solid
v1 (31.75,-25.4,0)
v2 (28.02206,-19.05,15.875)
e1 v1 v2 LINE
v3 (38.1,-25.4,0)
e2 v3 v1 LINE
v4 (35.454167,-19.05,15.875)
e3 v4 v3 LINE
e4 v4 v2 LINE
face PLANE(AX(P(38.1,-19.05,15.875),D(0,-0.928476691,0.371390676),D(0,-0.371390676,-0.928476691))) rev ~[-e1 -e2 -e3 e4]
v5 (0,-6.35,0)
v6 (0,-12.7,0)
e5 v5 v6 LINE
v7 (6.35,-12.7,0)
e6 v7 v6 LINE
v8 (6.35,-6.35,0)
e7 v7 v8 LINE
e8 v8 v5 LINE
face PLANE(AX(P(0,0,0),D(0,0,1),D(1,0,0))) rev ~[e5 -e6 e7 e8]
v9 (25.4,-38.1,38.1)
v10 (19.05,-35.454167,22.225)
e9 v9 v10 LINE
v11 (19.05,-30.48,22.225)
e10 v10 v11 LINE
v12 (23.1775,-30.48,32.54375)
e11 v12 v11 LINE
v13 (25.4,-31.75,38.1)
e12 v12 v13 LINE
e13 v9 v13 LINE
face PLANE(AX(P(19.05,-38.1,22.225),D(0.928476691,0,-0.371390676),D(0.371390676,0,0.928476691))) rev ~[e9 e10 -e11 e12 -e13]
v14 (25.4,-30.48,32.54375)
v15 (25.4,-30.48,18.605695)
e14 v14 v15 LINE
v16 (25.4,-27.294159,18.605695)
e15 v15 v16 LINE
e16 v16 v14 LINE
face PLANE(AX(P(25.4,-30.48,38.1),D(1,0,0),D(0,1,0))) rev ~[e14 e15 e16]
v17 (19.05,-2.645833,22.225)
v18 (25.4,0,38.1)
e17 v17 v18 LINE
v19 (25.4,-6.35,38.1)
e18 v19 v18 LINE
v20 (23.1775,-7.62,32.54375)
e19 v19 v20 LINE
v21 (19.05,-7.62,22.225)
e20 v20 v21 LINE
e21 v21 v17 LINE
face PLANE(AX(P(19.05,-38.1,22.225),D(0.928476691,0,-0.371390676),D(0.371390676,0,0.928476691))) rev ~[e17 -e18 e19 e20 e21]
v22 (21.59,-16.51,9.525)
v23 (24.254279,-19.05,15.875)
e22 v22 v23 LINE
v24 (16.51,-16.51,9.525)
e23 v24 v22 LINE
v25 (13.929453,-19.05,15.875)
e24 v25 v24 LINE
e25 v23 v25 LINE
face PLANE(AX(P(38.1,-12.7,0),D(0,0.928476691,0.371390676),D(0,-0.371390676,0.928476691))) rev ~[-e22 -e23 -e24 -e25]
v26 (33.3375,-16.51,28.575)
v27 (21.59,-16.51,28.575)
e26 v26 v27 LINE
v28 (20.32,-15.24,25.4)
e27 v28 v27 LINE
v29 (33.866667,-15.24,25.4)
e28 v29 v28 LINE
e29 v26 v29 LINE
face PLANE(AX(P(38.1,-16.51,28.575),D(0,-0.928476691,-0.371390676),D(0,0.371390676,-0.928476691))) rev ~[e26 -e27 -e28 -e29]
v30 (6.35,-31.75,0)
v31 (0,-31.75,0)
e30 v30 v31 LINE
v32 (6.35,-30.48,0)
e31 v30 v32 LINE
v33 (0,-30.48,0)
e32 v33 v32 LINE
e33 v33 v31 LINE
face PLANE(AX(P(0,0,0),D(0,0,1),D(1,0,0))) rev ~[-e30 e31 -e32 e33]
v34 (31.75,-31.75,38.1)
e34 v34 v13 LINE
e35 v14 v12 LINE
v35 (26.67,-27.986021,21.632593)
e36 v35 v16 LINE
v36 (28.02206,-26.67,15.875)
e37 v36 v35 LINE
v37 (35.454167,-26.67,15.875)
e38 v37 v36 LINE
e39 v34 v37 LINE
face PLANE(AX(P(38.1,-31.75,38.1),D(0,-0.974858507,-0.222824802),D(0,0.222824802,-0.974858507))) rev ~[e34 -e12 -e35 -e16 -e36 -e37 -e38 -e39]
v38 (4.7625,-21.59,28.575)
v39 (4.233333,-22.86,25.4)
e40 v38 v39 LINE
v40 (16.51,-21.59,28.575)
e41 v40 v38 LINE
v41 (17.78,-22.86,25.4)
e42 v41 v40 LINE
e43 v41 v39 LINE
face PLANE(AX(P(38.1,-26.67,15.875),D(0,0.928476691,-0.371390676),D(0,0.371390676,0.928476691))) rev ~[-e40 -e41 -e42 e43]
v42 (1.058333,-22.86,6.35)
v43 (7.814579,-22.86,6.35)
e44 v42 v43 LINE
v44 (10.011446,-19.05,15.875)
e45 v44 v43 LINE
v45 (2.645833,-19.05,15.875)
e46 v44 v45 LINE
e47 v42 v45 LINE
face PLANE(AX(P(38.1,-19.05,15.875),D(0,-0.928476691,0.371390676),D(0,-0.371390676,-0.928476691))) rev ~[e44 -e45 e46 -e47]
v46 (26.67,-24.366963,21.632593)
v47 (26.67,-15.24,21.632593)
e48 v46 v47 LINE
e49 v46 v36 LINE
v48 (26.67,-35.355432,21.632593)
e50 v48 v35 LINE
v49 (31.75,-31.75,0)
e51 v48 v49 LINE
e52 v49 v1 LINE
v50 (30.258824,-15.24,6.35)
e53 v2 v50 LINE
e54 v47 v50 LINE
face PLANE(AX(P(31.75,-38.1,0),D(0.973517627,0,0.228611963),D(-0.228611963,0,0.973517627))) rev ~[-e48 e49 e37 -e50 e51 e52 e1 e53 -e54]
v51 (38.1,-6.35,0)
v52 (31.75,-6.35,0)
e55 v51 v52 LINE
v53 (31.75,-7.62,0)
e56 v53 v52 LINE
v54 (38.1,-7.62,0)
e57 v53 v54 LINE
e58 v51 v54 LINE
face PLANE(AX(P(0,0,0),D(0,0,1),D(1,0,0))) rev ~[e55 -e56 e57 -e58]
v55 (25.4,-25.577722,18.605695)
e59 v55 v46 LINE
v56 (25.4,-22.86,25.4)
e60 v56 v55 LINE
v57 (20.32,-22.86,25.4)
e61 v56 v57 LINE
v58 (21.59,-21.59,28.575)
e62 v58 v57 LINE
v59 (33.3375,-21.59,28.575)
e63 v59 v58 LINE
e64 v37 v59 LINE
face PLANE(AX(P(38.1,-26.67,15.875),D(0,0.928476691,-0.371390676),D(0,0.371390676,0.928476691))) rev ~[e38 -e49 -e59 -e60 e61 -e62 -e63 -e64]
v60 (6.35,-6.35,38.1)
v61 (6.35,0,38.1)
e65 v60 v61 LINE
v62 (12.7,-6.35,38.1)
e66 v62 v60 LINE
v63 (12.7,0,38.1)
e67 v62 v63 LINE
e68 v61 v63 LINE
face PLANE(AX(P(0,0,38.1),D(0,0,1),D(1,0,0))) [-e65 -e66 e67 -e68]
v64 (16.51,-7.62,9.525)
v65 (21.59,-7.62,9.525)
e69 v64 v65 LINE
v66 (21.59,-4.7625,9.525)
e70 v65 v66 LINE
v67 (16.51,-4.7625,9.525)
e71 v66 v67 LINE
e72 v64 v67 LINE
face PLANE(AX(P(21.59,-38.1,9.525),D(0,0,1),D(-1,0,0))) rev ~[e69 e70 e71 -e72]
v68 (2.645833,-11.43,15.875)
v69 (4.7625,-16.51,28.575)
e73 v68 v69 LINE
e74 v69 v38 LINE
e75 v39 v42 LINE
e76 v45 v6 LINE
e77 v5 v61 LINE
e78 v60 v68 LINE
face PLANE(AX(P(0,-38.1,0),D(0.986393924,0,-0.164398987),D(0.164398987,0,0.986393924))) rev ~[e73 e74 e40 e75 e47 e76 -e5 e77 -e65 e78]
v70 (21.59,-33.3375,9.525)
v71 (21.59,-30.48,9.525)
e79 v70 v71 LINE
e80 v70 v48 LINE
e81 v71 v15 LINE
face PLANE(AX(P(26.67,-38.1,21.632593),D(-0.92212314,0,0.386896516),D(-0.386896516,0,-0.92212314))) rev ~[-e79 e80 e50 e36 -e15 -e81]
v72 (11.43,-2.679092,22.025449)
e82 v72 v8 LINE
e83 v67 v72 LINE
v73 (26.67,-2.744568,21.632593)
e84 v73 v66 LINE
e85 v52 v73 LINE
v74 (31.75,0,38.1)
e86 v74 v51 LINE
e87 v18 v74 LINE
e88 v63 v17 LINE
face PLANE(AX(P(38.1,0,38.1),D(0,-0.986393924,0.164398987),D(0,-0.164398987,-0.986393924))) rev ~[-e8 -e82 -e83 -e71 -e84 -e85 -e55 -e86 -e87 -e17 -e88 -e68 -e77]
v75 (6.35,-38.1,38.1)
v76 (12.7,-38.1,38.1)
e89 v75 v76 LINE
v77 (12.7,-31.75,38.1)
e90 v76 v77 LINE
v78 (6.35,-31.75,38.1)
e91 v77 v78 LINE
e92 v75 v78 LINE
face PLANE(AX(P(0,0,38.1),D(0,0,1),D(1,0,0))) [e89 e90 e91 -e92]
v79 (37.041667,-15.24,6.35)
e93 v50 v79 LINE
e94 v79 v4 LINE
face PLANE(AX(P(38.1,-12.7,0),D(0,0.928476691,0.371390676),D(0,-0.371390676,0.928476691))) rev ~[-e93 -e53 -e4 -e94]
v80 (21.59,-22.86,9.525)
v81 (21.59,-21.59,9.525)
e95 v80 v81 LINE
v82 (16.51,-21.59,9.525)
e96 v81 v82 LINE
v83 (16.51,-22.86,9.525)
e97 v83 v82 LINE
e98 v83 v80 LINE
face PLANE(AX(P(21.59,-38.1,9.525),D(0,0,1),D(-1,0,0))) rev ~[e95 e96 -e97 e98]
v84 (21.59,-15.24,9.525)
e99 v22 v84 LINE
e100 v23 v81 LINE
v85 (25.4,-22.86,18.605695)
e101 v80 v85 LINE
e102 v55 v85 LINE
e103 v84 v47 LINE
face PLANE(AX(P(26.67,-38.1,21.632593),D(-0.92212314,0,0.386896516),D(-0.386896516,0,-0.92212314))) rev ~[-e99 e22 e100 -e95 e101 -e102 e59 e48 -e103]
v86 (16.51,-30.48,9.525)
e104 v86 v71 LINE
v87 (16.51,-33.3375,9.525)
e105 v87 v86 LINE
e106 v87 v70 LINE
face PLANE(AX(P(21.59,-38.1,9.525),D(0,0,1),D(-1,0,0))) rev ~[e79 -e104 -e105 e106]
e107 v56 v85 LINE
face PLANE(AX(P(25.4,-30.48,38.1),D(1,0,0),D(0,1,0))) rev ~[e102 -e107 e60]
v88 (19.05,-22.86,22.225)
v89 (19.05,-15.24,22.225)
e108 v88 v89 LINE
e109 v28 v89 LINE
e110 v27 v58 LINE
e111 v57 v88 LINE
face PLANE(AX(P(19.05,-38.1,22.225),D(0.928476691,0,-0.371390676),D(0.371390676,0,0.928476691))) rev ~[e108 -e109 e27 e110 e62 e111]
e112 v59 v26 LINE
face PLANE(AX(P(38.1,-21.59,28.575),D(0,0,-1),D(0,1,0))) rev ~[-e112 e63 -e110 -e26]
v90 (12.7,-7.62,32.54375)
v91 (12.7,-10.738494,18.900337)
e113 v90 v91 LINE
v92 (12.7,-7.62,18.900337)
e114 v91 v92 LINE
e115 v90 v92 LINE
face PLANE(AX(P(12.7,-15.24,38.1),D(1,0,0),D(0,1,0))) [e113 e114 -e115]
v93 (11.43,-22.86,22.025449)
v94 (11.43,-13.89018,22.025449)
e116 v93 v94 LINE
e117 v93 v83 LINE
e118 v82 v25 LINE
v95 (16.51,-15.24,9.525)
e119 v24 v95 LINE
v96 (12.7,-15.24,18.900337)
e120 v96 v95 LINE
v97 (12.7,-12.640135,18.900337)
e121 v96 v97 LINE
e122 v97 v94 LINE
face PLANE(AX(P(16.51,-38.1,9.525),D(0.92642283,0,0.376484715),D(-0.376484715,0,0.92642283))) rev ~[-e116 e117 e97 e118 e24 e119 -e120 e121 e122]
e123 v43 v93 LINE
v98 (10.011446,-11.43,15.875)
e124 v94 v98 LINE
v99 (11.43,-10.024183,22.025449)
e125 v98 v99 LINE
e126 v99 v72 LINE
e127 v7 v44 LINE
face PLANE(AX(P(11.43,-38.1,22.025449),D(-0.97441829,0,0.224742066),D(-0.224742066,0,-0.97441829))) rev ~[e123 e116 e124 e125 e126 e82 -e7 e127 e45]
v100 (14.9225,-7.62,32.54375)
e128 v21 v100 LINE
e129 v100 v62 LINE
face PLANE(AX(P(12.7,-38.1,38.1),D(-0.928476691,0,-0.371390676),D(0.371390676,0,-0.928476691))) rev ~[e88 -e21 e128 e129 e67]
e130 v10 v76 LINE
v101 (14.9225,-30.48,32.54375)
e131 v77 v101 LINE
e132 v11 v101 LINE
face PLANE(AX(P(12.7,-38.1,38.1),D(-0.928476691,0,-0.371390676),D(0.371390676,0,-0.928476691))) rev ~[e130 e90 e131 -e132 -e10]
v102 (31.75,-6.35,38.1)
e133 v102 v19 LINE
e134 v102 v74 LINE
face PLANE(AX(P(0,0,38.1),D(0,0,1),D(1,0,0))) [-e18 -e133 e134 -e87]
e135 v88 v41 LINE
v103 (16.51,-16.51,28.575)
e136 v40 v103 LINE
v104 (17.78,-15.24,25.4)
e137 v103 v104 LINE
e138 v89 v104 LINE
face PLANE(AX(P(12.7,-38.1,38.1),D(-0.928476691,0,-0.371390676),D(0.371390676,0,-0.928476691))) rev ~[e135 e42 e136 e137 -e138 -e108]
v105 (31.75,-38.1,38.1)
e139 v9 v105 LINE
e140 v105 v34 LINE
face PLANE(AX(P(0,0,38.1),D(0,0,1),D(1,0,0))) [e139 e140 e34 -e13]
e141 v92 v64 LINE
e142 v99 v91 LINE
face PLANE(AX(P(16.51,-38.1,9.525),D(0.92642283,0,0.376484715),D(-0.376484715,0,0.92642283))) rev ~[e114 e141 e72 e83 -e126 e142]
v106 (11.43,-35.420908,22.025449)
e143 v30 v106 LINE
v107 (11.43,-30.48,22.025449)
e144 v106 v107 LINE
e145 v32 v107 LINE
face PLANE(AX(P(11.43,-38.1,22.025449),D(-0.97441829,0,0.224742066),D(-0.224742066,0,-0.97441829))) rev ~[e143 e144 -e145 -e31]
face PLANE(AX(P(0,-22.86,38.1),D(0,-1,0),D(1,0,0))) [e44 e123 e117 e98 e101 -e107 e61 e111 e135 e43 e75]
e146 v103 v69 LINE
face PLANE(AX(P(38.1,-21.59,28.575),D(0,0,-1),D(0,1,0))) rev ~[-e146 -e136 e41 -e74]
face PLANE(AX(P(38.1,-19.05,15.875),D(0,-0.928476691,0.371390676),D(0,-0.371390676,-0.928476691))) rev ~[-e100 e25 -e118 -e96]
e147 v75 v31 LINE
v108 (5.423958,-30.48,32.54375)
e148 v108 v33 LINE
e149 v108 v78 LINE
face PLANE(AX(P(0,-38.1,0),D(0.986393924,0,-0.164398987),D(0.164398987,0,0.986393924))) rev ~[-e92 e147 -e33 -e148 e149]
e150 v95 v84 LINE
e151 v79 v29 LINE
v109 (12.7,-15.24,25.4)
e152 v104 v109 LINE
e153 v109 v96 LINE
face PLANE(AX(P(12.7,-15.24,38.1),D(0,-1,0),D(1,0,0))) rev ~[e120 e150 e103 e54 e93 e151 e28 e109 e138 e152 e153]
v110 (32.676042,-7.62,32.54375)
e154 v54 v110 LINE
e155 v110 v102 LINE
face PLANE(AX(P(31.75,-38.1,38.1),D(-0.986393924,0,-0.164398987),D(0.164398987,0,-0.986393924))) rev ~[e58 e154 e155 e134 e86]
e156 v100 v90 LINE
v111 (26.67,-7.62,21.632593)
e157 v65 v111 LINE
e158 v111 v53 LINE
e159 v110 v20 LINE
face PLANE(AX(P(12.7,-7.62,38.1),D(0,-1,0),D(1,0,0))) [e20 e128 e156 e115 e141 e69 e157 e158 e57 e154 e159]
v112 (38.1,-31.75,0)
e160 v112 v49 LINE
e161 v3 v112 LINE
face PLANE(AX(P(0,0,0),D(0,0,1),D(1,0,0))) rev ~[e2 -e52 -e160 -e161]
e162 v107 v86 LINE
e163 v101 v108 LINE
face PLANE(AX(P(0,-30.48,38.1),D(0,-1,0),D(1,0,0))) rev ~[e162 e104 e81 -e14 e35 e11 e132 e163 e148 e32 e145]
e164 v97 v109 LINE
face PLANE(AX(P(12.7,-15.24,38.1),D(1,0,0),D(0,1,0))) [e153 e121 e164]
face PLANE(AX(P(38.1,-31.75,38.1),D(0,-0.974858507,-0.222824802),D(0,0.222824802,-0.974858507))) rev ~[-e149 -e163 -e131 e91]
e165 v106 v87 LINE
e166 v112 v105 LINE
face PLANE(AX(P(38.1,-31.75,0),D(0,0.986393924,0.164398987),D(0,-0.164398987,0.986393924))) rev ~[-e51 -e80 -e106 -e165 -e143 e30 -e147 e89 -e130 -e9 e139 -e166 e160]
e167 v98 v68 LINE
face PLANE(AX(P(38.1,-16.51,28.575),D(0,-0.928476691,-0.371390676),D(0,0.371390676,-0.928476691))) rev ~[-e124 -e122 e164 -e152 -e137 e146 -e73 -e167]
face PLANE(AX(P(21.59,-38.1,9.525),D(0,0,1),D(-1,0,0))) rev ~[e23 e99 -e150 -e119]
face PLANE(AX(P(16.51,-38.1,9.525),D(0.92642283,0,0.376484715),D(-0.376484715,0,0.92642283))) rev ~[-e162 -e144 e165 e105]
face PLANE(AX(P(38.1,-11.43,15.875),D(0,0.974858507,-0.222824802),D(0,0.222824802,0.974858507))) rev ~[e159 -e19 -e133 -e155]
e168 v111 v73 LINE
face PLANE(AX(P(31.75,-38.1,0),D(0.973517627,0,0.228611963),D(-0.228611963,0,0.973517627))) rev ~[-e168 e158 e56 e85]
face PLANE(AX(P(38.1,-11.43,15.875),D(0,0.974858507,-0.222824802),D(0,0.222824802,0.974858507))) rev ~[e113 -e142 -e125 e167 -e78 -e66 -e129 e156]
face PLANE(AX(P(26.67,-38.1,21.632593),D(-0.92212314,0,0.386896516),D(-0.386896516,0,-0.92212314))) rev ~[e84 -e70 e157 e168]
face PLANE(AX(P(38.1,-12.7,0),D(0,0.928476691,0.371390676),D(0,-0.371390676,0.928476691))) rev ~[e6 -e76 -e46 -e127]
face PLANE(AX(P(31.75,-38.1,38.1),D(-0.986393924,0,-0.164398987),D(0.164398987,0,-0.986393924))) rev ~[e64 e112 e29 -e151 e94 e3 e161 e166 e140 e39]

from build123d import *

# Parameters (mm, degrees)
F0_W      = 38.1
F0_H      = 38.1
F1_DEPTH  = 38.1
F6_DEPTH  = 38.1
F8_DEPTH  = 38.1
F9_W      = 25.4
F9_H      = 7.62
F10_DEPTH = 38.1


with BuildPart() as f1:
    # F0 (on Front) → F1 (new body)
    with BuildSketch(Plane.XZ):
        with Locations((19.05, 19.05)):
            Rectangle(F0_W, F0_H)
    extrude(amount=F1_DEPTH)

    # F5 (on offset) → F6 (cut)
    with BuildSketch(Plane.YZ.offset(38.1)):
        Polygon((-11.43, 15.875), (-6.35, 38.1), (-31.75, 38.1), (-26.67, 15.875), (-21.59, 28.575), (-16.51, 28.575), align=None)
        Polygon((-38.1, 0), (-31.75, 0), (-38.1, 38.1), align=None)
        Polygon((-25.4, 0), (-12.7, 0), (-19.05, 15.875), align=None)
        Polygon((-6.35, 0), (0, 0), (0, 38.1), align=None)
    extrude(amount=-F6_DEPTH, mode=Mode.SUBTRACT)

    # F7 (on offset) → F8 (cut)
    with BuildSketch(Plane.XZ.offset(38.1)):
        Polygon((0, 38.1), (0, 0), (6.35, 38.1), align=None)
        Polygon((25.4, 38.1), (12.7, 38.1), (19.05, 22.225), align=None)
        Polygon((31.75, 38.1), (38.1, 0), (38.1, 38.1), align=None)
        Polygon((11.43, 22.025449), (6.35, 0), (31.75, 0), (26.67, 21.632593), (21.59, 9.525), (16.51, 9.525), align=None)
    extrude(amount=-F8_DEPTH, mode=Mode.SUBTRACT)

    # F9 (on offset) → F10 (cut)
    with BuildSketch(Plane.XY.offset(38.1)):
        with Locations((25.4, -11.43)):
            Rectangle(F9_W, F9_H)
        with Locations((12.7, -26.67)):
            Rectangle(F9_W, F9_H)
    extrude(amount=-F10_DEPTH, mode=Mode.SUBTRACT)


solid = f1.part
